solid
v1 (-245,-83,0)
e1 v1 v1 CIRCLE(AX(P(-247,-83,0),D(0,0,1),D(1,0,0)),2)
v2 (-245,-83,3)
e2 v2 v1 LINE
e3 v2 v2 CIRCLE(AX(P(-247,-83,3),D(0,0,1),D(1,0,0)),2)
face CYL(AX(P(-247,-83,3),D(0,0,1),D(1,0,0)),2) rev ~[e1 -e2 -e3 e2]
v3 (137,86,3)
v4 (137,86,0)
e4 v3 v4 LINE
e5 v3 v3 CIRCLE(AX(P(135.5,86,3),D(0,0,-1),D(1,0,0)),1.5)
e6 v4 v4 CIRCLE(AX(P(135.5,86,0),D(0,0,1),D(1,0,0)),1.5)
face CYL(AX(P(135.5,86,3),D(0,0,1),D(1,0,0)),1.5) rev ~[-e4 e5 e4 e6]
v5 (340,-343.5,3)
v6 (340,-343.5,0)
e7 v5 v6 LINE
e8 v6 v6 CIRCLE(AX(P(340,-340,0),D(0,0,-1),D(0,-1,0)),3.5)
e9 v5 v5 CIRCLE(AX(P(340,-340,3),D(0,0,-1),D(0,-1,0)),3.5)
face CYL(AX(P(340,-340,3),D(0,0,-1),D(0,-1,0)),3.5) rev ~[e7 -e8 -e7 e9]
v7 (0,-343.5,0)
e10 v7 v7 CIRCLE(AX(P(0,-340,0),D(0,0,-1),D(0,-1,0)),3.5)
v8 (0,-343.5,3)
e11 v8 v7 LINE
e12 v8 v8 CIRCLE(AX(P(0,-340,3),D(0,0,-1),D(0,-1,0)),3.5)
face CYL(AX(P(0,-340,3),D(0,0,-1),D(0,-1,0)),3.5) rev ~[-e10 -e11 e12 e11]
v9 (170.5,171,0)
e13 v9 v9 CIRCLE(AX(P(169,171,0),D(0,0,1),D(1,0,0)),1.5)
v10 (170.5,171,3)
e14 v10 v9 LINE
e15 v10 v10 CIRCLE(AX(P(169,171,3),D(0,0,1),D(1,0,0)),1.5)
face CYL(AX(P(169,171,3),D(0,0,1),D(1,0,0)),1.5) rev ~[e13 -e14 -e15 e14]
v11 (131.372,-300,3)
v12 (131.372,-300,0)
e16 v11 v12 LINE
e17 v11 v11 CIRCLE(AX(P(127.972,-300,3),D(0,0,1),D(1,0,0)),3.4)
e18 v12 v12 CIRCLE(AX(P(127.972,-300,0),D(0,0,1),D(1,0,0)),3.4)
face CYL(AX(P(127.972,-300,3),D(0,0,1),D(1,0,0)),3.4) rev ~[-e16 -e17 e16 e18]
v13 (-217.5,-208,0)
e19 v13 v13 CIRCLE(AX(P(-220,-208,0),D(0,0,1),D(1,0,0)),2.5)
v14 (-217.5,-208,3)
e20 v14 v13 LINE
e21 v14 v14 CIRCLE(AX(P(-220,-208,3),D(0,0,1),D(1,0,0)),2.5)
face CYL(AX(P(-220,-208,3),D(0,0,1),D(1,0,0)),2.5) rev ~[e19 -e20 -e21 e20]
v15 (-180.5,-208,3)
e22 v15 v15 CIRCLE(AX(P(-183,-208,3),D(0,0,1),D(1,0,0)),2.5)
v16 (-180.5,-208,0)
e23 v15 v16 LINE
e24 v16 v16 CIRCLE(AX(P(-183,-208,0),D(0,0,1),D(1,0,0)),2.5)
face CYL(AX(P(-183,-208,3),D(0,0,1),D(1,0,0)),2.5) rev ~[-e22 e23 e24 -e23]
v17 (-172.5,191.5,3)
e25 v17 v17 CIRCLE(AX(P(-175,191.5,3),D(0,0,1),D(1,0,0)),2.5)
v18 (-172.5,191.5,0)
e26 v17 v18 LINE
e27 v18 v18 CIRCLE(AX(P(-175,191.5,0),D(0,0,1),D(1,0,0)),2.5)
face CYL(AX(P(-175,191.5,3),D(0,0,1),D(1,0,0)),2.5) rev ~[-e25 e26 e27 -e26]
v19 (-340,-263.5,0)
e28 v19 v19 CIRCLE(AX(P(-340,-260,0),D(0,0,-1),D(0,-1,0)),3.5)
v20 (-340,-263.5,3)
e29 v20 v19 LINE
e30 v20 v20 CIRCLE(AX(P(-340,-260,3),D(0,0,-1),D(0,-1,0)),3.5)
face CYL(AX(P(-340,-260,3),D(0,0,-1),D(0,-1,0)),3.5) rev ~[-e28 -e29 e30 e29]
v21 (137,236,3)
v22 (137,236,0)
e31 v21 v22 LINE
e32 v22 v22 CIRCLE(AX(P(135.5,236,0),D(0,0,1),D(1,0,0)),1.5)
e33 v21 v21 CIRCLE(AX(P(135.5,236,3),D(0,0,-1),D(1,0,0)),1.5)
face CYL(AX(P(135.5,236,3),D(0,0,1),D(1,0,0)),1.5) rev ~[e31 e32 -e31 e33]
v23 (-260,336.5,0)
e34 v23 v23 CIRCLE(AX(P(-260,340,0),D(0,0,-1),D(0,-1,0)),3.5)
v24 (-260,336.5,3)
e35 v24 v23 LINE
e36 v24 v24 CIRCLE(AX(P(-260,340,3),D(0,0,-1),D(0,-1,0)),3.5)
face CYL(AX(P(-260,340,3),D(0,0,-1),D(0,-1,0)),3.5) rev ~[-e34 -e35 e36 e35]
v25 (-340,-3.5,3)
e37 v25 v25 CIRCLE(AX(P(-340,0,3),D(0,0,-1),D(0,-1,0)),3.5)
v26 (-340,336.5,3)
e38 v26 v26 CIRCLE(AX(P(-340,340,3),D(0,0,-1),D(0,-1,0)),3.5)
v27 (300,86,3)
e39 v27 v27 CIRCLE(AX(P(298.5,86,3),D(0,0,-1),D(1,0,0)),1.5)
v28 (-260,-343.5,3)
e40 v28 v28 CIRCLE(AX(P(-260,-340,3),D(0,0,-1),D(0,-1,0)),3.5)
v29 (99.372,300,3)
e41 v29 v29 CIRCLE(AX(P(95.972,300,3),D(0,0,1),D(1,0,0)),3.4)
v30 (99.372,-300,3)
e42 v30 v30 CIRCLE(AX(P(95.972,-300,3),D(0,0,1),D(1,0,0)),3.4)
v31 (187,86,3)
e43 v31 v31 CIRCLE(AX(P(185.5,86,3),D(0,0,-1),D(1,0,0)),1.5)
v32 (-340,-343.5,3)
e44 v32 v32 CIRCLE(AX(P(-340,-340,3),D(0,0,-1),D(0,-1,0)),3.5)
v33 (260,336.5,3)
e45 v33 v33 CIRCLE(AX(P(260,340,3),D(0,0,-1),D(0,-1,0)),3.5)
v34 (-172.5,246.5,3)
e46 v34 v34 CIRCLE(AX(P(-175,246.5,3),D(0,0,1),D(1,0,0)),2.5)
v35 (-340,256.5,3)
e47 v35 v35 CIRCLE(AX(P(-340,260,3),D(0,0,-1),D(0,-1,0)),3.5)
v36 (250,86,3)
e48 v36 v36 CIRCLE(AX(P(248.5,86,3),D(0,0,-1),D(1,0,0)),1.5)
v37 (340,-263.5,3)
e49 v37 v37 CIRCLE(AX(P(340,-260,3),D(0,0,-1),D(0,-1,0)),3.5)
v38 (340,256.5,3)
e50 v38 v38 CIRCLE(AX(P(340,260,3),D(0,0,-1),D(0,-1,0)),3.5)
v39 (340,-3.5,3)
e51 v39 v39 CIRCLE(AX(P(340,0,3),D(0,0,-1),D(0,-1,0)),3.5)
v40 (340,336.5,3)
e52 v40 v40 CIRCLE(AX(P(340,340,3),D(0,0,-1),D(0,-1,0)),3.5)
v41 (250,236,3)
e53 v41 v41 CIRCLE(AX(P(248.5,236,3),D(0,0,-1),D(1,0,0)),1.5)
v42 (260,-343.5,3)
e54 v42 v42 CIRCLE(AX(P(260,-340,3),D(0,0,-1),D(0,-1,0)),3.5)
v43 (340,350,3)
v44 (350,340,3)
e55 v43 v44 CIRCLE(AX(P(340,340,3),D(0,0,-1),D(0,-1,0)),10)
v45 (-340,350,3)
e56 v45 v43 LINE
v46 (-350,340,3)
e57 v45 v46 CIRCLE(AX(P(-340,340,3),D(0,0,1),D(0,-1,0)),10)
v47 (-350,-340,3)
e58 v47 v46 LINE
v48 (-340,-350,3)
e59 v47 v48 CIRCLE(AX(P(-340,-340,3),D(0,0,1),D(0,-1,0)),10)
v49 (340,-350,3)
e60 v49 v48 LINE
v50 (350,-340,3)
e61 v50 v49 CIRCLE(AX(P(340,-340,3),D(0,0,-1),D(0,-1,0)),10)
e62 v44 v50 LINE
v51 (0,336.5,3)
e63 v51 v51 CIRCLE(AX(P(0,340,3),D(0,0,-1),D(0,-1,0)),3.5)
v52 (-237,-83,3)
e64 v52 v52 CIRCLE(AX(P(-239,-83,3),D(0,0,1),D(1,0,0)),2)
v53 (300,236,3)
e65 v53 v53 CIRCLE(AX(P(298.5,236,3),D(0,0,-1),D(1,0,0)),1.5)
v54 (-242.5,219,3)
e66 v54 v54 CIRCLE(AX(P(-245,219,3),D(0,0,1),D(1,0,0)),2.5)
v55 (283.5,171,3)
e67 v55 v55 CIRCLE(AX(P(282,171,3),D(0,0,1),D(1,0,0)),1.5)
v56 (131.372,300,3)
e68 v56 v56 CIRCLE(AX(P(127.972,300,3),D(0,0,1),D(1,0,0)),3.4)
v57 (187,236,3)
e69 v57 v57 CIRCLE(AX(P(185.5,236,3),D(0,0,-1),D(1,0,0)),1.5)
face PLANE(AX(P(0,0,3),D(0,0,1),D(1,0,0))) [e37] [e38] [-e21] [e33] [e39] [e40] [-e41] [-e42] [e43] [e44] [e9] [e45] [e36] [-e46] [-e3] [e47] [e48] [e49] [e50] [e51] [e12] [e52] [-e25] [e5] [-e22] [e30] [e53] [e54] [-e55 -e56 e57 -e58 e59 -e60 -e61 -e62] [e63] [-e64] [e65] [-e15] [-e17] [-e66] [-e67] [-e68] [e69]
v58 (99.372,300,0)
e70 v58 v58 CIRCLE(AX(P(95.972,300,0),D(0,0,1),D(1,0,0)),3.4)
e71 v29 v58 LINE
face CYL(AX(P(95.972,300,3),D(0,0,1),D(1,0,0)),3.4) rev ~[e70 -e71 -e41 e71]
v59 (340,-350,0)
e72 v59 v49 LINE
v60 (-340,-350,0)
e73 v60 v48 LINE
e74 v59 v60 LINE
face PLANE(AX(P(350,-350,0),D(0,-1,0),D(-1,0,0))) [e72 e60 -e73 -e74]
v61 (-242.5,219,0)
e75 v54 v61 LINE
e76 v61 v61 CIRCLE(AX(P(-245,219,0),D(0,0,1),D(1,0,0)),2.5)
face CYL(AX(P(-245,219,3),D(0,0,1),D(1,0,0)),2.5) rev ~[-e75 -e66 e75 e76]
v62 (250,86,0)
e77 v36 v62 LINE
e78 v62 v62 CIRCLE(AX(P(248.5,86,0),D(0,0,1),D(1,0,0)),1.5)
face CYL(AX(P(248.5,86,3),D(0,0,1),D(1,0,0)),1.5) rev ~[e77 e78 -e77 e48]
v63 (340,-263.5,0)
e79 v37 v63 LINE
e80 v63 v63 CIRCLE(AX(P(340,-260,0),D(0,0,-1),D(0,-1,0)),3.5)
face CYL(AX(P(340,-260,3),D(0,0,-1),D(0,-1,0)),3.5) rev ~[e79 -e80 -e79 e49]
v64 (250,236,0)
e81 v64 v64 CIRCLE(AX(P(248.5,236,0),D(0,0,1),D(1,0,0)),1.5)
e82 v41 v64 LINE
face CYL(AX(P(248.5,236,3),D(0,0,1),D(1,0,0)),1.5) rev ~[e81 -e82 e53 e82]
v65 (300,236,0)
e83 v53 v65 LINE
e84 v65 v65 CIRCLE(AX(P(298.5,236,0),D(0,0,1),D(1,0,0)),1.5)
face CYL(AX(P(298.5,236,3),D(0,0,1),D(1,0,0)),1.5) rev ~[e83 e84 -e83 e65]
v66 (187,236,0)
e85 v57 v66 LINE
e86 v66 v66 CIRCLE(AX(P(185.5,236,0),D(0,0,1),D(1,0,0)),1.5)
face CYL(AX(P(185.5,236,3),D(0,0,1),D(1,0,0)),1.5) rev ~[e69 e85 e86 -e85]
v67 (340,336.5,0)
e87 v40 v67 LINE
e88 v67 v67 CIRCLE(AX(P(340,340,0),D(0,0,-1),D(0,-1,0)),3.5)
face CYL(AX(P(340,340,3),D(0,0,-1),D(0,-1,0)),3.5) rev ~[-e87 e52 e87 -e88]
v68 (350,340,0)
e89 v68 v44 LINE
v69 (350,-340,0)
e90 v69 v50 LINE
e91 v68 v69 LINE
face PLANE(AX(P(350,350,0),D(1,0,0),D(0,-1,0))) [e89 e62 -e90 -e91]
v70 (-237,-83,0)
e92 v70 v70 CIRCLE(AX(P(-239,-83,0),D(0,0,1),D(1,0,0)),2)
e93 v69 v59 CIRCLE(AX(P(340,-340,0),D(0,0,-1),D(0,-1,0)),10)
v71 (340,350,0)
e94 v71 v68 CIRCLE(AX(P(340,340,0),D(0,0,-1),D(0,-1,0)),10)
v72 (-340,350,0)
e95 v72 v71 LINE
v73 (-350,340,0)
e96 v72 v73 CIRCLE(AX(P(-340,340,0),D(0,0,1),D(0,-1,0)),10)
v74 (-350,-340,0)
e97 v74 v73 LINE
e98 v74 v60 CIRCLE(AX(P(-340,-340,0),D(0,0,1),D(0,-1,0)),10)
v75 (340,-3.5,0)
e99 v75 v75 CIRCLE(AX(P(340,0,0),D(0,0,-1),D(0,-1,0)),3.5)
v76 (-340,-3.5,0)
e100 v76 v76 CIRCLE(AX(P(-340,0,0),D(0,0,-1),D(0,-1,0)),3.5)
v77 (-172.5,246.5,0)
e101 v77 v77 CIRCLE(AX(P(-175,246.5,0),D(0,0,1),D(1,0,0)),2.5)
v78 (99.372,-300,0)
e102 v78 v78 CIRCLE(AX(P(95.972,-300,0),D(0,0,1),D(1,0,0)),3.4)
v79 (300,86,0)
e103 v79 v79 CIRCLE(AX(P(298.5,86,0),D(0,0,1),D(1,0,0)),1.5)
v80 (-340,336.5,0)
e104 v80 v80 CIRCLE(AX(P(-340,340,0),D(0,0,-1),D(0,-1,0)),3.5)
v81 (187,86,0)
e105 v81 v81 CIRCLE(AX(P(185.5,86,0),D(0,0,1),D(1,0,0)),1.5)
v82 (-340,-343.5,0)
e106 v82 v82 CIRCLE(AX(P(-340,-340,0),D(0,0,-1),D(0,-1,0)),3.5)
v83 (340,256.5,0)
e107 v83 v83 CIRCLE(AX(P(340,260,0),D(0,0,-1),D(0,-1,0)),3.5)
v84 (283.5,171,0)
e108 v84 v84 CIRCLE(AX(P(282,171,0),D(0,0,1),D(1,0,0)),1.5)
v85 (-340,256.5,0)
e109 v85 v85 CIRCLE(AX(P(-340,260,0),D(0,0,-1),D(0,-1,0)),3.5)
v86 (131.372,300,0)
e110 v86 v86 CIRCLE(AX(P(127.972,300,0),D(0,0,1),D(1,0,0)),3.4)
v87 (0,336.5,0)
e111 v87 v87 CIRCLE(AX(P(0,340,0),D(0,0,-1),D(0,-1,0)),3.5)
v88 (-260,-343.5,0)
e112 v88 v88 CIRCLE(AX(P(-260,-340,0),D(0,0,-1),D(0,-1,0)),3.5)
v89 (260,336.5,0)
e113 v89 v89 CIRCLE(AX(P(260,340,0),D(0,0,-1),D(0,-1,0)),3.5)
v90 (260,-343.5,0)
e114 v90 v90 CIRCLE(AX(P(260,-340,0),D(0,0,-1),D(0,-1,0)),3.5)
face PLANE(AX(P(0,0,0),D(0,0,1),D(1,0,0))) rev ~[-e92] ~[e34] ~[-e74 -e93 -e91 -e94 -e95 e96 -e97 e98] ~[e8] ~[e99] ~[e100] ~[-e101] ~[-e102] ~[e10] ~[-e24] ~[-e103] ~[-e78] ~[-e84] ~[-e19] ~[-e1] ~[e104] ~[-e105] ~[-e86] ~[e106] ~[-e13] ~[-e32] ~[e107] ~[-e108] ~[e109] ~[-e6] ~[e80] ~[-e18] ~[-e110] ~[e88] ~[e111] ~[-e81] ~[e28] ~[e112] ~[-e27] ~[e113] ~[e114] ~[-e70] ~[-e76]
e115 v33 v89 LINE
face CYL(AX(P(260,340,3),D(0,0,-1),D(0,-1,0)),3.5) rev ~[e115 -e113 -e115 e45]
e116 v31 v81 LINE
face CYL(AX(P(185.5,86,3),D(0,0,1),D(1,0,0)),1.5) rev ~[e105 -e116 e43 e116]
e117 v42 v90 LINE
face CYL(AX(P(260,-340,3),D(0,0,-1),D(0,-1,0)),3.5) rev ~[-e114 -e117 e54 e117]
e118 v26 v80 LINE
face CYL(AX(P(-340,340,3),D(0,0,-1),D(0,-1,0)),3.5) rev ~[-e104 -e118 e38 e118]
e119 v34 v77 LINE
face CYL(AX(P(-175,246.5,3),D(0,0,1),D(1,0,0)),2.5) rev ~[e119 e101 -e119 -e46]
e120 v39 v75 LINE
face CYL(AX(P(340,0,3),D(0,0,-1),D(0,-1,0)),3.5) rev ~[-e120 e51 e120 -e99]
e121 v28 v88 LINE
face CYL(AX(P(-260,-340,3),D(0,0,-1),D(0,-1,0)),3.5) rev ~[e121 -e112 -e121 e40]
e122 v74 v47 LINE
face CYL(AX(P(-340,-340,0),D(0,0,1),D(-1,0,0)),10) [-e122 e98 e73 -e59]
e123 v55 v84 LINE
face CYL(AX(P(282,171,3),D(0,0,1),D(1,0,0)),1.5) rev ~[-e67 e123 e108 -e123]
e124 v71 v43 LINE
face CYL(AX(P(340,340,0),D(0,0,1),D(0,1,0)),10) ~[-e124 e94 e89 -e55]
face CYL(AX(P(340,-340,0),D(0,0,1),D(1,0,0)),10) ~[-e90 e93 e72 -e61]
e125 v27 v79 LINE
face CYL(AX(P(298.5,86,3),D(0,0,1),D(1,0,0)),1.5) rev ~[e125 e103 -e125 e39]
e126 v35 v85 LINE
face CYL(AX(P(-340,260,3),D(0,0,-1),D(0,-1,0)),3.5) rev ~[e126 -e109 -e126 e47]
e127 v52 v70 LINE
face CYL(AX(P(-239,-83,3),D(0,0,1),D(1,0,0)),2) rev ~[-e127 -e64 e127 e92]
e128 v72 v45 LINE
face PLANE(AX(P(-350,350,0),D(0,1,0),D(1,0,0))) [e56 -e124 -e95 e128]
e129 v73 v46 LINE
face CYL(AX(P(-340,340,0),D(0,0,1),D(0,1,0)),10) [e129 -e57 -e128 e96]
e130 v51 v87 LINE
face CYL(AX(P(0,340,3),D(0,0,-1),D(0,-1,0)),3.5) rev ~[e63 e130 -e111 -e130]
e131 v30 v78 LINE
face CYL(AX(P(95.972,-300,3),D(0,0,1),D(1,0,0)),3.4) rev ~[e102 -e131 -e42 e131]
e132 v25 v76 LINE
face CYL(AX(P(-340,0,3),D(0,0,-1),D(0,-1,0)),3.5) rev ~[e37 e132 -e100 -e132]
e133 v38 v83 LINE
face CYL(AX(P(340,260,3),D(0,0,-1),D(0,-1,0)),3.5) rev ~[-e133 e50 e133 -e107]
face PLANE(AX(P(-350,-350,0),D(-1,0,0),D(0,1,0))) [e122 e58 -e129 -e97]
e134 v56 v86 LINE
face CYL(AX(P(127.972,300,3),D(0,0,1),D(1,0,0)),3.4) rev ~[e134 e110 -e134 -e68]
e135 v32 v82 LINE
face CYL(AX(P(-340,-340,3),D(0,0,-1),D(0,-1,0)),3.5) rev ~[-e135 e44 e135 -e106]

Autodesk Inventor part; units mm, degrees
ref_plane "YZ Plane" through (0, 0, 0) normal (1, 0, 0) x (0, 1, 0)
ref_plane "XZ Plane" through (0, 0, 0) normal (0, 1, 0) x (-1, 0, 0)
ref_plane "XY Plane" through (0, 0, 0) normal (0, 0, 1) x (1, 0, 0)
sketch "Sketch1" plane through (0, 0, 0) normal (0, 0, 1) x (1, 0, 0)
  line L0 (-350, 350) -> (350, 350)
  line L1 (350, 350) -> (350, -350)
  line L2 (350, -350) -> (-350, -350)
  line L3 (-350, -350) -> (-350, 350)
  point P0 (0, 0)
  point P1 (0, 350)
  point P2 (-350, 0)
  dimension "d0" = 700
  dimension "d1" = 700
extrude "Extrusion1" add sketch "Sketch1" along normal blind 3
sketch "Sketch2" plane through (0, 0, 3) normal (0, 0, 1) x (1, 0, 0)
  line L0 (-340, 340) -> (340, 340) construction
  line L1 (340, 340) -> (340, -340) construction
  line L2 (340, -340) -> (-340, -340) construction
  line L3 (-340, -340) -> (-340, 340) construction
  line L4 (350, 350) -> (-350, 350) construction
  line L5 (350, -350) -> (350, 350) construction
  point P0 (0, 0)
  point P1 (0, 340)
  point P2 (340, 0)
  point P3 (-340, 260)
  point P4 (-340, -260)
  point P5 (-260, -340)
  point P6 (260, -340)
  point P7 (340, -260)
  point P8 (340, 260)
  point P9 (260, 340)
  point P10 (-260, 340)
  point P11 (-340, 0)
  point P12 (340, 0)
  point P13 (0, 340)
  point P14 (0, -340)
  dimension "d4" = 10
  dimension "d5" = 10
  dimension "d6" = 340
  dimension "d8" = 80
  dimension "d10" = 80
  dimension "d11" = 80
  dimension "d12" = 80
  dimension "d13" = 80
  dimension "d14" = 80
  dimension "d15" = 80
  dimension "d16" = 80
hole "Hole1" at (-340, 340, 3) at (340, -340, 3) at (340, 340, 3) at (-340, -340, 3) at (-340, 260, 3) at (-340, -260, 3) at (-260, -340, 3) at (260, -340, 3) at (340, -260, 3) at (340, 260, 3) at (260, 340, 3) at (-260, 340, 3) at (-340, 0, 3) at (340, 0, 3) at (0, -340, 3) at (0, 340, 3) direction (0, 0, -1) diameter 7 end through all
sketch "Sketch3" plane through (0, 0, 3) normal (0, 0, 1) x (1, 0, 0)
  circle A0 centre (127.972, -300) radius 3.4 projected
  circle A1 centre (95.972, -300) radius 3.4 projected
  circle A2 centre (127.972, 300) radius 3.4 projected
  circle A3 centre (95.972, 300) radius 3.4 projected
  circle A4 centre (298.5, 236) radius 1.5
  circle A5 centre (248.5, 236) radius 1.5
  circle A6 centre (282, 171) radius 1.5
  circle A7 centre (248.5, 86) radius 1.5
  line L0 (317, 136) -> (296, 136) projected
  circle A8 centre (298.5, 86) radius 1.5
  circle A9 centre (135.5, 236) radius 1.5
  circle A10 centre (185.5, 236) radius 1.5
  circle A11 centre (169, 171) radius 1.5
  circle A12 centre (135.5, 86) radius 1.5
  line L1 (182, 93.5) -> (189.5, 93.5) projected
  circle A13 centre (185.5, 86) radius 1.5
  circle A14 centre (-175, 276.5) radius 2 projected
  circle A15 centre (-175, 161.5) radius 2 projected
  circle A16 centre (-245, 161.5) radius 2 projected
  circle A17 centre (-245, 276.5) radius 2 projected
  circle A18 centre (-220, -208) radius 2.5 projected
  circle A19 centre (-183, -208) radius 2.5 projected
  line L2 (-250, -88.5) -> (-250, -77.5) projected
  line L3 (-240, -88.5) -> (-250, -88.5) projected
  line L4 (-250, -77.5) -> (-240, -77.5) projected
  circle A20 centre (-247, -83) radius 2
  circle A21 centre (-239, -83) radius 2
  line L5 (-250, 171.5) -> (-250, 266.5) projected
  circle A22 centre (-245, 219) radius 2.5 projected
  circle A23 centre (-175, 246.5) radius 2.5 projected
  circle A24 centre (-175, 191.5) radius 2.5 projected
  line L6 (248.5, 86) -> (298.5, 86)
  line L7 (298.5, 86) -> (298.5, 236)
  line L8 (298.5, 236) -> (248.5, 236)
  line L9 (248.5, 236) -> (248.5, 86)
  line L10 (350, 350) -> (-350, 350) projected
  line L11 (350, -350) -> (350, 350) projected
  line L12 (135.5, 86) -> (185.5, 86)
  line L13 (185.5, 86) -> (185.5, 236)
  line L14 (185.5, 236) -> (135.5, 236)
  line L15 (135.5, 236) -> (135.5, 86)
  point P0 (0, 0)
  point P1 (200.5, 93.5)
  point P2 (191, 93.5)
  point P3 (-250, -83)
  dimension "d27" = 4
  dimension "d28" = 4
  dimension "d29" = 8
  dimension "d30" = 3
  dimension "d31" = 3
  dimension "d32" = 16.5
  dimension "d33" = 65
  dimension "d34" = 114
  dimension "d35" = 150
  dimension "d36" = 51.5
  dimension "d37" = 50
  dimension "d38" = 16.5
  dimension "d39" = 65
  dimension "d40" = 63
  dimension "d41" = 114
  dimension "d42" = 150
  dimension "d43" = 50
extrude "Extrusion2" cut sketch "Sketch3" against normal through all contours A0 | A1 | A2 | A3 | A4 L7 L8 | L8 L7 A4 | L8 L9 A5 | A5 L9 L8 | L7 L6 A8 | A8 L6 L7 | L9 L6 A7 | A7 L6 L9 | A6 | L14 L15 A9 | A9 L15 L14 | L14 L13 A10 | A10 L13 L14 | L15 L12 A12 | A12 L12 L15 | L12 L13 A13 | A13 L13 L12 | A11 | A18 | A19 | A20 | A21 | A22 | A23 | A24
fillet "Fillet1" radius 10 4 edges at (-350, -350, 1.5) (-350, 350, 1.5) (350, 350, 1.5) (350, -350, 1.5)
equation "\"d10\" = d8"
equation "\"d11\" = d8"
equation "\"d12\" = d8"
equation "\"d13\" = d8"
equation "\"d14\" = d8"
equation "\"d15\" = d8"
equation "\"d16\" = d8"
equation "\"d7\" = 0.333333 * d6"
properties part number "0008-10-022 Tabla suport" material "Aluminum 6061"
